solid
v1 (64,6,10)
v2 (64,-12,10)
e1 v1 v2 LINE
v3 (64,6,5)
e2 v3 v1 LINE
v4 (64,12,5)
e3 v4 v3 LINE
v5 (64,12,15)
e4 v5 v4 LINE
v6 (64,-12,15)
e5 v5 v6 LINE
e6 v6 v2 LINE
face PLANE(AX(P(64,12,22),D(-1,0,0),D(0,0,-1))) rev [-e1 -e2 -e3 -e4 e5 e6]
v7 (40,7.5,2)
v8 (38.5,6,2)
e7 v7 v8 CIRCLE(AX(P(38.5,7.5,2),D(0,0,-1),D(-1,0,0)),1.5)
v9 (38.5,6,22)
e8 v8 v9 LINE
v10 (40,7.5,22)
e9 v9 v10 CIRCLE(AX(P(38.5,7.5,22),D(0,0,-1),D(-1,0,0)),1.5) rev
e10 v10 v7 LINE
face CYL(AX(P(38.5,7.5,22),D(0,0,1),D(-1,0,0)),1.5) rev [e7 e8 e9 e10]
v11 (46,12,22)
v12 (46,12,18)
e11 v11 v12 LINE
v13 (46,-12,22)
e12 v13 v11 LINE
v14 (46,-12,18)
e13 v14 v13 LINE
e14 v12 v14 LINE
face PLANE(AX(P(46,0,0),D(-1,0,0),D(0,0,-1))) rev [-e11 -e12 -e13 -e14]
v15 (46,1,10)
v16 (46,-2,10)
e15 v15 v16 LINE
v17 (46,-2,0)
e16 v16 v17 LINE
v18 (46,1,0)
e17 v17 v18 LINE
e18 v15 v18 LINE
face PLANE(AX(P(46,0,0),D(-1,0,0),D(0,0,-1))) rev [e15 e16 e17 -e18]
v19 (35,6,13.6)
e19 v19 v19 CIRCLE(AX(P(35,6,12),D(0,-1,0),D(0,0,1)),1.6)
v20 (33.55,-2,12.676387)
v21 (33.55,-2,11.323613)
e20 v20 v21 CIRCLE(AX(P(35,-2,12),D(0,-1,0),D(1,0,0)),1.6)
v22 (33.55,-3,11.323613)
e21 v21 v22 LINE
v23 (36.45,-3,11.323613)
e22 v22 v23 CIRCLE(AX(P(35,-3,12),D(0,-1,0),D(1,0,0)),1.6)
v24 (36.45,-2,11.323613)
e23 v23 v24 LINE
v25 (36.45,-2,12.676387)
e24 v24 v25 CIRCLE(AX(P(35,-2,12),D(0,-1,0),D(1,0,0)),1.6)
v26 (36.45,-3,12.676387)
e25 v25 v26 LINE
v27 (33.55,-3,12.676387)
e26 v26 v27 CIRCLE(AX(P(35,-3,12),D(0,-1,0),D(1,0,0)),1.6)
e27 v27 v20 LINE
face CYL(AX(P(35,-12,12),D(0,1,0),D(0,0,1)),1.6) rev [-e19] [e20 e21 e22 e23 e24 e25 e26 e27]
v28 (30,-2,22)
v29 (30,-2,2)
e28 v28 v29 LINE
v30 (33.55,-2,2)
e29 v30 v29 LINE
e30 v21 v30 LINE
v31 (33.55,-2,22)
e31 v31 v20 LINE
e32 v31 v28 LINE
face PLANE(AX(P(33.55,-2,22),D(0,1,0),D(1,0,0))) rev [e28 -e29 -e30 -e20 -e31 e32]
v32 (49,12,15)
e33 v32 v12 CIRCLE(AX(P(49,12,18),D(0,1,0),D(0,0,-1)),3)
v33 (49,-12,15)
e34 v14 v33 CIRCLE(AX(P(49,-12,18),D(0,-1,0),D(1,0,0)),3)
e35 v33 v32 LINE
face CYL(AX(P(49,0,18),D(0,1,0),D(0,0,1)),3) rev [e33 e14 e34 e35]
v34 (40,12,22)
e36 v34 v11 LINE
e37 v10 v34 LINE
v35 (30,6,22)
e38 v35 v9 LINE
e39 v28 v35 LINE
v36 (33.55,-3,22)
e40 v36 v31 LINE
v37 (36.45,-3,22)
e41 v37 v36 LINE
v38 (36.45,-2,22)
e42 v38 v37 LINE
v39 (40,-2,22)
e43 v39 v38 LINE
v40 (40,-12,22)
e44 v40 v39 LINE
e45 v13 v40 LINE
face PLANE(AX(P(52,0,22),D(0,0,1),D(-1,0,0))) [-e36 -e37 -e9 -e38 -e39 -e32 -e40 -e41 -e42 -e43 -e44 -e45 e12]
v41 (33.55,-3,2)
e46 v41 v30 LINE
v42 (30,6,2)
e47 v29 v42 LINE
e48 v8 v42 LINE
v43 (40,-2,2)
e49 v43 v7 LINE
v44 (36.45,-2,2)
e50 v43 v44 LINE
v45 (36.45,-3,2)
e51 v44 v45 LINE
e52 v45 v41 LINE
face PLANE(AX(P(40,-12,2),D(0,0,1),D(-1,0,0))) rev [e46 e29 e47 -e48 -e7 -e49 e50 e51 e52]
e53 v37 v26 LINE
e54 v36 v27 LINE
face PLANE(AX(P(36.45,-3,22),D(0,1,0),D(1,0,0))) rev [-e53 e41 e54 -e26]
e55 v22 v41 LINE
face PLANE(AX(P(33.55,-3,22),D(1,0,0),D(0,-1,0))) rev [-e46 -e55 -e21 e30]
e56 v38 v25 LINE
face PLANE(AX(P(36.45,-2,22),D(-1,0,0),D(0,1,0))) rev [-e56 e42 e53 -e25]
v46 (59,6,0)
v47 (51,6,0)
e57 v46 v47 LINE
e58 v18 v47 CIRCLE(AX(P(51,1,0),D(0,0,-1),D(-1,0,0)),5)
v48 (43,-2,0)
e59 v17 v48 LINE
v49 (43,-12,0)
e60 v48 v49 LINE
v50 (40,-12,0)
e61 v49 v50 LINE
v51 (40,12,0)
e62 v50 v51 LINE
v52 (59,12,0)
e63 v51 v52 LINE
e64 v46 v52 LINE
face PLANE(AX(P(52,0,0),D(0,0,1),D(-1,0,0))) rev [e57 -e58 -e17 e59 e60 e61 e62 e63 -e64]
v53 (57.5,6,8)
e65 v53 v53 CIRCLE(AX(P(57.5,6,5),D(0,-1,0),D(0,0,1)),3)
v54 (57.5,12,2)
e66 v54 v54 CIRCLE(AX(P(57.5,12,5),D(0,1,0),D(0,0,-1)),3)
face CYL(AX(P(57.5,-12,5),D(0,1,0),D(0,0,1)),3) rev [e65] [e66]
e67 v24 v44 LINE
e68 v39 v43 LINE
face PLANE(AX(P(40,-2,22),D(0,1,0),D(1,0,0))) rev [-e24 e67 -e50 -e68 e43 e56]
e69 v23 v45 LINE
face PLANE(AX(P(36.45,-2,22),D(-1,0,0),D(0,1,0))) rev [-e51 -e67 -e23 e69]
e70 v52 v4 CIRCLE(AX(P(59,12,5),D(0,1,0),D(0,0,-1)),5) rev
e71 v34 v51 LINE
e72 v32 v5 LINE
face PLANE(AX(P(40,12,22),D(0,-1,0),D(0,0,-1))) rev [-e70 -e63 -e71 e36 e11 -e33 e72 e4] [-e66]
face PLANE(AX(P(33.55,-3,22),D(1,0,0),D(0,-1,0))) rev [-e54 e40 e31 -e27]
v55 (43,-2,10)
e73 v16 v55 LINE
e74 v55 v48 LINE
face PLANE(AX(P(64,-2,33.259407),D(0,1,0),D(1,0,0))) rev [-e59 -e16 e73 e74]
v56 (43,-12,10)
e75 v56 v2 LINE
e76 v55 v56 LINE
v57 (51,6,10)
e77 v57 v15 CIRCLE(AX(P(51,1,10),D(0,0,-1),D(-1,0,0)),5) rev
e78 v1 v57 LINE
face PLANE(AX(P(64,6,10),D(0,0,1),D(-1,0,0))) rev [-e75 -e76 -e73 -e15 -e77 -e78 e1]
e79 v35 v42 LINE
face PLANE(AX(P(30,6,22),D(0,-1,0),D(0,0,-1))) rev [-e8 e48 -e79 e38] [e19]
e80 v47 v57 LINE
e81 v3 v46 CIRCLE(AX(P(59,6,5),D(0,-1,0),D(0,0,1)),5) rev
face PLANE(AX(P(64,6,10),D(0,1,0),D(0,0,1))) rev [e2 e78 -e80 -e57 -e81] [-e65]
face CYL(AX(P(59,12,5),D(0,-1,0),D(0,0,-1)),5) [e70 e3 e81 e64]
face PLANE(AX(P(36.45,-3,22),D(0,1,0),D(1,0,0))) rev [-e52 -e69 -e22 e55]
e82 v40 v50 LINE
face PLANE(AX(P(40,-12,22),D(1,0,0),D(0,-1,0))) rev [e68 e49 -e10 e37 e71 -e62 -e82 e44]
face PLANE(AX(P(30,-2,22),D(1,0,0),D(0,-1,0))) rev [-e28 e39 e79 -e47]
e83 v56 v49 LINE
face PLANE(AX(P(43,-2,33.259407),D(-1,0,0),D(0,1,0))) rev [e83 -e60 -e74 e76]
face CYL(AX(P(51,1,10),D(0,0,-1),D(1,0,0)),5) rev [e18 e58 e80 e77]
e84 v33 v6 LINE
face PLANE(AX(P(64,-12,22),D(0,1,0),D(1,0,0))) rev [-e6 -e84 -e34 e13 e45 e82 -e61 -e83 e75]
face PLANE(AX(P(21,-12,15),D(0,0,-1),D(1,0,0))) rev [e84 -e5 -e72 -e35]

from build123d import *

# Parameters (mm, degrees)
MAIN_DEPTH                   = 22
ESQUISSE2_W                  = 10
ESQUISSE2_H                  = 8
ENL_V_MAT_EXTRU_1_DEPTH      = 19
ESQUISSE3_W                  = 21
ESQUISSE3_H                  = 10
ENL_V_MAT_EXTRU_2_DEPTH      = 10
ESQUISSE4_R                  = 3
ENL_V_MAT_EXTRU_3_DEPTH      = 1
ENL_V_MAT_EXTRU_3_DEPTH_BACK = 25
CONG_2_R                     = 5
ENL_V_START                  = -18
ESQUISSE6_W                  = 7
ESQUISSE6_H                  = 24
ENL_V_MAT_EXTRU_4_DEPTH      = 18
SKETCH1_W                    = 10
SKETCH1_H                    = 2
CUT_EXTRUDE1_DEPTH           = 19
SKETCH2_R                    = 1.6
CUT_EXTRUDE2_DEPTH           = 19
FILLET1_R                    = 1.5
CONG_3_R                     = 3
SKETCH3_W                    = 22
SKETCH3_H                    = 24
CUT_EXTRUDE3_DEPTH           = 39


with BuildPart() as part:
    # Esquisse1 → Main (new body)
    with BuildSketch(Plane.XY):
        Polygon((-12, -12), (12, -12), (12, -2), (15.55, -2), (15.55, -3), (18.45, -3), (18.45, -2), (22, -2), (22, 6), (12, 6), (12, 12), (-12, 12), align=None)
    extrude(amount=MAIN_DEPTH)

    # Esquisse2 → Enlèv. mat.-Extru.1 (cut, through all)
    with BuildSketch(Plane(origin=(6, 0, 0), x_dir=(0, 0, -1), z_dir=(1, 0, 0))):
        with Locations((-5, 2)):
            Rectangle(ESQUISSE2_W, ESQUISSE2_H)
    extrude(amount=-ENL_V_MAT_EXTRU_1_DEPTH, mode=Mode.SUBTRACT)

    # Esquisse3 → Enlèv. mat.-Extru.2 (cut)
    with BuildSketch(Plane(origin=(0, 0, 0), x_dir=(-1, 0, 0), z_dir=(0, 0, -1))):
        with Locations((1.5, -7)):
            Rectangle(ESQUISSE3_W, ESQUISSE3_H)
    extrude(amount=-ENL_V_MAT_EXTRU_2_DEPTH, mode=Mode.SUBTRACT)

    # Esquisse4 → Enlèv. mat.-Extru.3 (cut, two sides)
    with BuildSketch(Plane(origin=(0, 12, 0), x_dir=(1, 0, 0), z_dir=(0, 1, 0))) as enl_v_mat_extru_3_sk:
        with Locations((-5.5, -5)):
            Circle(ESQUISSE4_R)
    extrude(amount=ENL_V_MAT_EXTRU_3_DEPTH, mode=Mode.SUBTRACT)
    extrude(enl_v_mat_extru_3_sk.sketch, amount=-ENL_V_MAT_EXTRU_3_DEPTH_BACK, mode=Mode.SUBTRACT)

    # Congé2
    cong_2_edges = [part.edges().sort_by_distance(p)[0] for p in [
        (-12, 9, 0),
        (6, 6, 5),
    ]]
    fillet(cong_2_edges, radius=CONG_2_R)

    # Esquisse6 → Enlèv. mat.-Extru.4 (cut)
    with BuildSketch(Plane.ZY.offset(12).offset(ENL_V_START)):
        with Locations((18.5, 0)):
            Rectangle(ESQUISSE6_W, ESQUISSE6_H)
    extrude(amount=ENL_V_MAT_EXTRU_4_DEPTH, mode=Mode.SUBTRACT)

    # Sketch1 → Cut-Extrude1 (cut, through all)
    with BuildSketch(Plane(origin=(0, 6, 0), x_dir=(1, 0, 0), z_dir=(0, 1, 0))):
        with Locations((17, -1)):
            Rectangle(SKETCH1_W, SKETCH1_H)
    extrude(amount=-CUT_EXTRUDE1_DEPTH, mode=Mode.SUBTRACT)

    # Sketch2 → Cut-Extrude2 (cut, through all)
    with BuildSketch(Plane(origin=(0, 6, 0), x_dir=(1, 0, 0), z_dir=(0, 1, 0))):
        with Locations((17, -12)):
            Circle(SKETCH2_R)
    extrude(amount=-CUT_EXTRUDE2_DEPTH, mode=Mode.SUBTRACT)

    # Fillet1
    fillet1_edges = [part.edges().sort_by_distance(p)[0] for p in [
        (12, 6, 12),
    ]]
    fillet(fillet1_edges, radius=FILLET1_R)

    # Congé3
    cong_3_edges = [part.edges().sort_by_distance(p)[0] for p in [
        (6, 0, 15),
    ]]
    fillet(cong_3_edges, radius=CONG_3_R)


with BuildPart() as body_2:
    # Mirror1: mirrored copy
    add(part.part.mirror(Plane(origin=(26, 0, 0), x_dir=(0, 0, 1), z_dir=(1, 0, 0))))


with BuildPart() as part_1:
    add(part.part)

    # Sketch3 → Cut-Extrude3 (cut, through all)
    with BuildSketch(Plane(origin=(26, 0, 0), x_dir=(0, 0, -1), z_dir=(1, 0, 0))):
        with Locations((-11, 0)):
            Rectangle(SKETCH3_W, SKETCH3_H)
    extrude(amount=-CUT_EXTRUDE3_DEPTH, mode=Mode.SUBTRACT)


solid = body_2.part
